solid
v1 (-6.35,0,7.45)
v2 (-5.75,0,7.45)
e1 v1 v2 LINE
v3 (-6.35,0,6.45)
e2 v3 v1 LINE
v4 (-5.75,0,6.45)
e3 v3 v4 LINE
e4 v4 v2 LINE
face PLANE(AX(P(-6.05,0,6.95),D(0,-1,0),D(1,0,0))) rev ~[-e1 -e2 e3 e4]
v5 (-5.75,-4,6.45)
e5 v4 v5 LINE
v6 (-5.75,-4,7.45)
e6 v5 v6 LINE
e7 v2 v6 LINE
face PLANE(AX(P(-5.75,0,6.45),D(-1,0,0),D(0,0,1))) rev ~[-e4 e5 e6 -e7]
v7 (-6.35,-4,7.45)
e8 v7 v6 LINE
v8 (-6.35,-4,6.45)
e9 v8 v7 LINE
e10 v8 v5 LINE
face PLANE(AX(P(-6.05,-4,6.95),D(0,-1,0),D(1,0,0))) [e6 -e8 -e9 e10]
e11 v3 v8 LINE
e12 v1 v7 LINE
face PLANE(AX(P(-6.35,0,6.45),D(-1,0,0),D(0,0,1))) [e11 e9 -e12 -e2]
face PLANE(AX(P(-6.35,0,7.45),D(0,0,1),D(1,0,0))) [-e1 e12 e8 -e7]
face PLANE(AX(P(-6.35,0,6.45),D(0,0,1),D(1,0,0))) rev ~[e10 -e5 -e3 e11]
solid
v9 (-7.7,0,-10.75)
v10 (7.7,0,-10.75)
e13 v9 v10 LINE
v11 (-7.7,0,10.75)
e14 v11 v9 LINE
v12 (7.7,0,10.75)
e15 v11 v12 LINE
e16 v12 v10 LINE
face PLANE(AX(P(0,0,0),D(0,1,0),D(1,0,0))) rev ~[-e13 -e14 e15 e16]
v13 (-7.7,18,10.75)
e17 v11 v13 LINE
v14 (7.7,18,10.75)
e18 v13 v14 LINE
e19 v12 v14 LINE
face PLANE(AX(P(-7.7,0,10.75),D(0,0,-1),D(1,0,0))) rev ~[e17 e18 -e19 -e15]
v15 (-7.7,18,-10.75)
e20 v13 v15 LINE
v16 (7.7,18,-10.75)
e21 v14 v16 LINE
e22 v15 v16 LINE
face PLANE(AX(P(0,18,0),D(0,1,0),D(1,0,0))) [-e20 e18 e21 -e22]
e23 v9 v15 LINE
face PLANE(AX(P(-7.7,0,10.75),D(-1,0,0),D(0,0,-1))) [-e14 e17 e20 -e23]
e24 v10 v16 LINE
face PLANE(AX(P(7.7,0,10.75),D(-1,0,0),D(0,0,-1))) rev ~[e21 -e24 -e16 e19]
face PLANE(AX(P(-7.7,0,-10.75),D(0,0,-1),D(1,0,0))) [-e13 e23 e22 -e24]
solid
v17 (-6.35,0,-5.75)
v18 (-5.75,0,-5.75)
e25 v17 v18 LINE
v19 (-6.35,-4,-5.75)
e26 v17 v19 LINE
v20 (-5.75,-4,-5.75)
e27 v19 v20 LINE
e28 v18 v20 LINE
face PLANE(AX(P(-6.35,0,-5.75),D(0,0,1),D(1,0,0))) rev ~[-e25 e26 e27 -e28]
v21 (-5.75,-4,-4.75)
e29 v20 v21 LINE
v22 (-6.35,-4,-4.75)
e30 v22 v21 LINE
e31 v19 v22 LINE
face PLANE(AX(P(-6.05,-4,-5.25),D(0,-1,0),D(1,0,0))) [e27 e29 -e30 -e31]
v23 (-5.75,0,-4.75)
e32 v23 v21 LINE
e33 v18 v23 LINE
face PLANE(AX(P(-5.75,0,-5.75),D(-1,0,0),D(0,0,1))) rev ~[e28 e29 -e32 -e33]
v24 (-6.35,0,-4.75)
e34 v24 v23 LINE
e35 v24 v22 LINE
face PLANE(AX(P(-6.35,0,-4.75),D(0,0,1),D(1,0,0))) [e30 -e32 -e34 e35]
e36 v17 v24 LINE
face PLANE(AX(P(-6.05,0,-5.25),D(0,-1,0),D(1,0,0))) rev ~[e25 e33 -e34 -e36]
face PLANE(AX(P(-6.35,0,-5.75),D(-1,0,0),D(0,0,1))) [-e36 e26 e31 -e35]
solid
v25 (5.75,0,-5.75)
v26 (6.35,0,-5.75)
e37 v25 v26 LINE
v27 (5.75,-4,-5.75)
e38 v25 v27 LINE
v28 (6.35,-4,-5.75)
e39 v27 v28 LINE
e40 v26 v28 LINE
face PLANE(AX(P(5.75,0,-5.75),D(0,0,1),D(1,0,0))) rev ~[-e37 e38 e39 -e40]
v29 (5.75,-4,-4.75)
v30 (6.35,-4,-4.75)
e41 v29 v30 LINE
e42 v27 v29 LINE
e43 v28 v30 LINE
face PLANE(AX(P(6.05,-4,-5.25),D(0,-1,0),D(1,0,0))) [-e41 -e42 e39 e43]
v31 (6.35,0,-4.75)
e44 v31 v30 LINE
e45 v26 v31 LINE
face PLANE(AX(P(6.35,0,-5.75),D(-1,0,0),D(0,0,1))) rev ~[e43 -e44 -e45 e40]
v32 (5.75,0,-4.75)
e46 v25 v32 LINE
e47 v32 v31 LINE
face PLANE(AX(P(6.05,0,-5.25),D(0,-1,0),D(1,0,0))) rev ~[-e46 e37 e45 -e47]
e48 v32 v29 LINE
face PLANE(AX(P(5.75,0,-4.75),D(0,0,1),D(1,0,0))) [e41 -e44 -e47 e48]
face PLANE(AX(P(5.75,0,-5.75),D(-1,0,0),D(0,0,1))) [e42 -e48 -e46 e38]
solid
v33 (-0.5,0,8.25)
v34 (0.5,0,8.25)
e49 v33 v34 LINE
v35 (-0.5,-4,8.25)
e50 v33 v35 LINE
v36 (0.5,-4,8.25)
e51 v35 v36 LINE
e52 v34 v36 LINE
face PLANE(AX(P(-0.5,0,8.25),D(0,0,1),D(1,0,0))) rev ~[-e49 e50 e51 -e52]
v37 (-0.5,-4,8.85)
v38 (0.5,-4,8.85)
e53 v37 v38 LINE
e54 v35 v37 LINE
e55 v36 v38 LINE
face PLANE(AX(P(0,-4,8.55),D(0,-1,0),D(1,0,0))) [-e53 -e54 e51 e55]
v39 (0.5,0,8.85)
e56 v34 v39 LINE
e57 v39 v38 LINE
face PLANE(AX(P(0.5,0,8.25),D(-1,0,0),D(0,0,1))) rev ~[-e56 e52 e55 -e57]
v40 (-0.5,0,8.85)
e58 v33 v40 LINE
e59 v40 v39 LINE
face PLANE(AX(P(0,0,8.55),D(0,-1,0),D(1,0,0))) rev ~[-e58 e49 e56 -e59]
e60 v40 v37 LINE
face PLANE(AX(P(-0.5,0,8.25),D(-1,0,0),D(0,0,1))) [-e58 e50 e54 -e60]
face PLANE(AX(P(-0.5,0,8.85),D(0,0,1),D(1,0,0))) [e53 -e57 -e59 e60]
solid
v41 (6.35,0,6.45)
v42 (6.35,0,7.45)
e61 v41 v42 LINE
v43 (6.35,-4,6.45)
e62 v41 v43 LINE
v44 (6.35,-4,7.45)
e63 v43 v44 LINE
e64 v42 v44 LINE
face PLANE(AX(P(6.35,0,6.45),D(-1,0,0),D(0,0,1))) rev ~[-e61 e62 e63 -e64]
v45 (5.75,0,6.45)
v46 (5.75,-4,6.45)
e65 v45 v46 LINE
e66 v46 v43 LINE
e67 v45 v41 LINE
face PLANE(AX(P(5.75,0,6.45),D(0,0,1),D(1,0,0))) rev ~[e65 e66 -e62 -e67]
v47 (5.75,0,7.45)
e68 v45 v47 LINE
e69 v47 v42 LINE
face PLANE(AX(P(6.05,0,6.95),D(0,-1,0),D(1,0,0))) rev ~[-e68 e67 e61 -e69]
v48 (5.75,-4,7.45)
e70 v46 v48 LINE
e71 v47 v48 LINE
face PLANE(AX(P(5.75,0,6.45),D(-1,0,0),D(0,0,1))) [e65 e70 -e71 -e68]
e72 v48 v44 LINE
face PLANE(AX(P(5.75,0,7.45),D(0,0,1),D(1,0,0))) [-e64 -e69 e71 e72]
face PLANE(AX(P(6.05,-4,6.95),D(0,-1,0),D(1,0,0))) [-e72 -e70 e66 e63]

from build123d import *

# Parameters (mm, degrees)
SKETCH1_W             = 15.4
SKETCH1_H             = 21.5
BOSS_EXTRUDE1_DEPTH   = 18
SKETCH2_W             = 0.6
SKETCH2_H             = 1
BOSS_EXTRUDE2_DEPTH   = 4
BOSS_EXTRUDE2_2_DEPTH = 4
SKETCH2_W_2           = 1
SKETCH2_H_2           = 0.6
BOSS_EXTRUDE2_3_DEPTH = 4
BOSS_EXTRUDE2_4_DEPTH = 4
BOSS_EXTRUDE2_5_DEPTH = 4


with BuildPart() as part:
    # Sketch1 → Boss-Extrude1 (new body)
    with BuildSketch(Plane(origin=(0, 0, 0), x_dir=(1, 0, 0), z_dir=(0, 1, 0))):
        Rectangle(SKETCH1_W, SKETCH1_H)
    extrude(amount=BOSS_EXTRUDE1_DEPTH)


with BuildPart() as body_2:
    # Sketch2 → Boss-Extrude2 (new body)
    with BuildSketch(Plane.XZ):
        with Locations((-6.05, -5.25)):
            Rectangle(SKETCH2_W, SKETCH2_H)
    extrude(amount=BOSS_EXTRUDE2_DEPTH)


with BuildPart() as body_3:
    # Sketch2 → Boss-Extrude2 2 (new body)
    with BuildSketch(Plane.XZ):
        with Locations((-6.05, 6.95)):
            Rectangle(SKETCH2_W, SKETCH2_H)
    extrude(amount=BOSS_EXTRUDE2_2_DEPTH)


with BuildPart() as body_4:
    # Sketch2 → Boss-Extrude2 3 (new body)
    with BuildSketch(Plane.XZ):
        with Locations((0, 8.55)):
            Rectangle(SKETCH2_W_2, SKETCH2_H_2)
    extrude(amount=BOSS_EXTRUDE2_3_DEPTH)


with BuildPart() as body_5:
    # Sketch2 → Boss-Extrude2 4 (new body)
    with BuildSketch(Plane.XZ):
        with Locations((6.05, 6.95)):
            Rectangle(SKETCH2_W, SKETCH2_H)
    extrude(amount=BOSS_EXTRUDE2_4_DEPTH)


with BuildPart() as body_6:
    # Sketch2 → Boss-Extrude2 5 (new body)
    with BuildSketch(Plane.XZ):
        with Locations((6.05, -5.25)):
            Rectangle(SKETCH2_W, SKETCH2_H)
    extrude(amount=BOSS_EXTRUDE2_5_DEPTH)


solid = Compound([part.part, body_2.part, body_3.part, body_4.part, body_5.part, body_6.part])
